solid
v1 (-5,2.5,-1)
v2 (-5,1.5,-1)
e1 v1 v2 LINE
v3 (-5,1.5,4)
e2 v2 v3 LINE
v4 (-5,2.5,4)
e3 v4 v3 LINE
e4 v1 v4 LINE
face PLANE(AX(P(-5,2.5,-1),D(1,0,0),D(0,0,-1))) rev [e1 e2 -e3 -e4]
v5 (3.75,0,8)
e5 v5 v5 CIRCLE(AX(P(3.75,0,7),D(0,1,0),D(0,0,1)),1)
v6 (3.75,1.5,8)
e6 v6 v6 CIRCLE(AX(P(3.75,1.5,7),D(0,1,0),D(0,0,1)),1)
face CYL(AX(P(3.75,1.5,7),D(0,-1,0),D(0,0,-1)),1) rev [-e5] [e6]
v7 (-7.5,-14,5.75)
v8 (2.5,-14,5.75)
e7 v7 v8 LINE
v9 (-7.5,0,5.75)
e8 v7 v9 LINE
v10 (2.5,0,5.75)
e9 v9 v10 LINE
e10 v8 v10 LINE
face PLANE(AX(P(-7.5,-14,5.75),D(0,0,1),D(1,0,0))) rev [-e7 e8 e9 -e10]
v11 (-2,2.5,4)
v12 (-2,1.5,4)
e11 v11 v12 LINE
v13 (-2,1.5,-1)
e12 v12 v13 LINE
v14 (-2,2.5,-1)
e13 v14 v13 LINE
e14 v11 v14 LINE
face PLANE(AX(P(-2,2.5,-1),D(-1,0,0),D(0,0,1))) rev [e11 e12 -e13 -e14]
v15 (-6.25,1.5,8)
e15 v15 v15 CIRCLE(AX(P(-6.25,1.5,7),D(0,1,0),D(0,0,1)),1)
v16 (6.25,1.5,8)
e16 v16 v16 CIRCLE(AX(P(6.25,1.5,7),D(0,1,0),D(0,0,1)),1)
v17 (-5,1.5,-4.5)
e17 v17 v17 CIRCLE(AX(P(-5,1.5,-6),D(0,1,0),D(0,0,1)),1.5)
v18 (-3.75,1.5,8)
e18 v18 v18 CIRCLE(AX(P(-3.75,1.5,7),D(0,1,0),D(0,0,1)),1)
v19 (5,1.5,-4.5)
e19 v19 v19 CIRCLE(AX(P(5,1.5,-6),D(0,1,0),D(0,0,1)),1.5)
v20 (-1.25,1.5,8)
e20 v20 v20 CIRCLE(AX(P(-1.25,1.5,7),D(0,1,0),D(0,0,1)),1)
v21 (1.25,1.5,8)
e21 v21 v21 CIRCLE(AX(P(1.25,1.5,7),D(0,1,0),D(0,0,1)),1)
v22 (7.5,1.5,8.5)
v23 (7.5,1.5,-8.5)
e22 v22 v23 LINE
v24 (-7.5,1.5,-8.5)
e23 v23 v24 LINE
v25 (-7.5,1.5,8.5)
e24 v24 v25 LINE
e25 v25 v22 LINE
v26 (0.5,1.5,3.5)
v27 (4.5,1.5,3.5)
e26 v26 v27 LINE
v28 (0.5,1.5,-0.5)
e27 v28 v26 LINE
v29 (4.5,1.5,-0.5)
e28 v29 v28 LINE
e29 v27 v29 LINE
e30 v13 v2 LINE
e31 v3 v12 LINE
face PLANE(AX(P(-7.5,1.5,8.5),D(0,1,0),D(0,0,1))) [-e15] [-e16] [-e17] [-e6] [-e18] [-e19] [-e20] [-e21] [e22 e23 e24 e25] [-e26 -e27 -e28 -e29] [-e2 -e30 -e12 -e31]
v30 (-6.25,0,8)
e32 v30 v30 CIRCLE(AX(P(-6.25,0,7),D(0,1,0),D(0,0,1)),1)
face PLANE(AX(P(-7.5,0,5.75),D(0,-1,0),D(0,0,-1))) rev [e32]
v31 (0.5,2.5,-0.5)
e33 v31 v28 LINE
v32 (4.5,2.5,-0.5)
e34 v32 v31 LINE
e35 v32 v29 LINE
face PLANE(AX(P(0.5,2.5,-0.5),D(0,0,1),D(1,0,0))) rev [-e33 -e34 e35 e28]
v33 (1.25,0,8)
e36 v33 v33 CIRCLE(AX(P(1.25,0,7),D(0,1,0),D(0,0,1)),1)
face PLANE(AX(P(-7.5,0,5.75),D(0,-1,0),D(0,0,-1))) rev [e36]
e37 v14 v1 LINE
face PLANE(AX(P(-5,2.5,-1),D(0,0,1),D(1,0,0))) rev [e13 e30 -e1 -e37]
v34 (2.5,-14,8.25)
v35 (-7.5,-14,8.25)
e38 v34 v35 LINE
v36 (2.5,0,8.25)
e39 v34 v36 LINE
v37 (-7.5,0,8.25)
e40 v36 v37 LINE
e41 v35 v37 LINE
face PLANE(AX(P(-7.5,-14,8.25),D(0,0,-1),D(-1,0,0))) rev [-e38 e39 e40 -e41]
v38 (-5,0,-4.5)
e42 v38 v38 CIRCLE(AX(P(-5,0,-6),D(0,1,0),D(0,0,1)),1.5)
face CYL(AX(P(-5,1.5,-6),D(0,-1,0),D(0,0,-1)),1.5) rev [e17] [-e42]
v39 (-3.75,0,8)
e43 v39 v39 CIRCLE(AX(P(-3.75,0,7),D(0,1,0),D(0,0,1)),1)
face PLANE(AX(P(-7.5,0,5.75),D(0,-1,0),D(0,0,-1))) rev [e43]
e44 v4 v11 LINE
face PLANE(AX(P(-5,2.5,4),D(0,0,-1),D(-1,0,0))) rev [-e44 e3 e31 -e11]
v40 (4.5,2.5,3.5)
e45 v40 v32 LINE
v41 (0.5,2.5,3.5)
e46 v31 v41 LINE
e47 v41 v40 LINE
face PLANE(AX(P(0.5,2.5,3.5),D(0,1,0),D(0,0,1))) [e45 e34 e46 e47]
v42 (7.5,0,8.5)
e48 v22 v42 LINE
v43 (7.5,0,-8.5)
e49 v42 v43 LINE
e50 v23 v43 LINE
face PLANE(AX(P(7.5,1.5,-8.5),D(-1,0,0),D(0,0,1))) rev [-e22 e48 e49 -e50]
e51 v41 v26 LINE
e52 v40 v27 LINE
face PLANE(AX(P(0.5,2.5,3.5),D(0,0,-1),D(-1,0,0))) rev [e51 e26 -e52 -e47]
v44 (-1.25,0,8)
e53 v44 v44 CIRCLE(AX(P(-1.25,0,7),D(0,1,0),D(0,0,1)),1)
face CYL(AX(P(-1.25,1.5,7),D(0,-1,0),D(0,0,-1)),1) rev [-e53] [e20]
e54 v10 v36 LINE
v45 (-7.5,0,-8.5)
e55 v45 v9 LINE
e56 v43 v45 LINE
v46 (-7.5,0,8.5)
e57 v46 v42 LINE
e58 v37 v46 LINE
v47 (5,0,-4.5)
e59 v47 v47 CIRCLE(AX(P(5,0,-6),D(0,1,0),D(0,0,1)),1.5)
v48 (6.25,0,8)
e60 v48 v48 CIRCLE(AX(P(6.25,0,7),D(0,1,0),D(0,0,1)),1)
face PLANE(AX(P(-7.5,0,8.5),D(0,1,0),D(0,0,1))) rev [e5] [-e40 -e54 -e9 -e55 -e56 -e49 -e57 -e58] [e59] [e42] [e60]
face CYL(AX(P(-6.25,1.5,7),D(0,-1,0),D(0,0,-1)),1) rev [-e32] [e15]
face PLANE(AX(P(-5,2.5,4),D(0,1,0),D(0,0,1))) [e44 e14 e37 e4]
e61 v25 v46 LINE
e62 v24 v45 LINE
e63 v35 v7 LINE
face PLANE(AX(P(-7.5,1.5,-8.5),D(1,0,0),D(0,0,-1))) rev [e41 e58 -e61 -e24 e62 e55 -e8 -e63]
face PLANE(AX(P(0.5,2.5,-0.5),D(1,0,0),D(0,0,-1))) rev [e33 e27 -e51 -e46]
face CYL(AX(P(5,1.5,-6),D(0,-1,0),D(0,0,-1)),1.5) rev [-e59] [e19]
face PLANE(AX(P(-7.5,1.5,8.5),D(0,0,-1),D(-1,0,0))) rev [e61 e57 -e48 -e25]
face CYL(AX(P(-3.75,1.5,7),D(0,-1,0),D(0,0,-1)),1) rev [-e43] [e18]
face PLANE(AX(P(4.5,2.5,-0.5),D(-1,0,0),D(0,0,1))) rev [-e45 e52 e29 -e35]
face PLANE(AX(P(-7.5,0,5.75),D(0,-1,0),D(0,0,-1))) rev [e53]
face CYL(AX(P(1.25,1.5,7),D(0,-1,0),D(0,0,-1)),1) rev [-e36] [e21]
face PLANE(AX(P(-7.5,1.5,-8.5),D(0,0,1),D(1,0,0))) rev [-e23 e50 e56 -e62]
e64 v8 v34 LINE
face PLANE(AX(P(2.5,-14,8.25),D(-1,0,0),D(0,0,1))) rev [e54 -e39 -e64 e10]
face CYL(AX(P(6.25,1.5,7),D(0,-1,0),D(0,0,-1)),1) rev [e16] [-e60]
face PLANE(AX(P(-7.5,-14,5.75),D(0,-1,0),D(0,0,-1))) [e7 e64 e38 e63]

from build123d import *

# Parameters (mm, degrees)
ESQUISSE1_W        = 15
ESQUISSE1_H        = 17
ESQUISSE1_R        = 1.5
ESQUISSE1_R_2      = 1
BOSS_EXTRU_1_DEPTH = 1.5
ESQUISSE2_W        = 3
ESQUISSE2_H        = 5
ESQUISSE2_W_2      = 4
ESQUISSE2_H_2      = 4
BOSS_EXTRU_2_DEPTH = 1
ESQUISSE3_W        = 10
ESQUISSE3_H        = 2.5
BOSS_EXTRU_3_DEPTH = 14


with BuildPart() as part:
    # Esquisse1 → Boss.-Extru.1 (new body)
    with BuildSketch(Plane(origin=(0, 0, 0), x_dir=(1, 0, 0), z_dir=(0, 1, 0))):
        Rectangle(ESQUISSE1_W, ESQUISSE1_H)
        with Locations((-5, 6)):
            Circle(ESQUISSE1_R, mode=Mode.SUBTRACT)
        with Locations((5, 6)):
            Circle(ESQUISSE1_R, mode=Mode.SUBTRACT)
        with Locations((-6.25, -7)):
            Circle(ESQUISSE1_R_2, mode=Mode.SUBTRACT)
        with Locations((-3.75, -7)):
            Circle(ESQUISSE1_R_2, mode=Mode.SUBTRACT)
        with Locations((-1.25, -7)):
            Circle(ESQUISSE1_R_2, mode=Mode.SUBTRACT)
        with Locations((1.25, -7)):
            Circle(ESQUISSE1_R_2, mode=Mode.SUBTRACT)
        with Locations((3.75, -7)):
            Circle(ESQUISSE1_R_2, mode=Mode.SUBTRACT)
        with Locations((6.25, -7)):
            Circle(ESQUISSE1_R_2, mode=Mode.SUBTRACT)
    extrude(amount=BOSS_EXTRU_1_DEPTH)

    # Esquisse2 → Boss.-Extru.2 (add)
    with BuildSketch(Plane(origin=(0, 1.5, 0), x_dir=(1, 0, 0), z_dir=(0, 1, 0))):
        with Locations((-3.5, -1.5)):
            Rectangle(ESQUISSE2_W, ESQUISSE2_H)
        with Locations((2.5, -1.5)):
            Rectangle(ESQUISSE2_W_2, ESQUISSE2_H_2)
    extrude(amount=BOSS_EXTRU_2_DEPTH)

    # Esquisse3 → Boss.-Extru.3 (add)
    with BuildSketch(Plane.XZ):
        with Locations((-2.5, 7)):
            Rectangle(ESQUISSE3_W, ESQUISSE3_H)
    extrude(amount=BOSS_EXTRU_3_DEPTH)


solid = part.part
